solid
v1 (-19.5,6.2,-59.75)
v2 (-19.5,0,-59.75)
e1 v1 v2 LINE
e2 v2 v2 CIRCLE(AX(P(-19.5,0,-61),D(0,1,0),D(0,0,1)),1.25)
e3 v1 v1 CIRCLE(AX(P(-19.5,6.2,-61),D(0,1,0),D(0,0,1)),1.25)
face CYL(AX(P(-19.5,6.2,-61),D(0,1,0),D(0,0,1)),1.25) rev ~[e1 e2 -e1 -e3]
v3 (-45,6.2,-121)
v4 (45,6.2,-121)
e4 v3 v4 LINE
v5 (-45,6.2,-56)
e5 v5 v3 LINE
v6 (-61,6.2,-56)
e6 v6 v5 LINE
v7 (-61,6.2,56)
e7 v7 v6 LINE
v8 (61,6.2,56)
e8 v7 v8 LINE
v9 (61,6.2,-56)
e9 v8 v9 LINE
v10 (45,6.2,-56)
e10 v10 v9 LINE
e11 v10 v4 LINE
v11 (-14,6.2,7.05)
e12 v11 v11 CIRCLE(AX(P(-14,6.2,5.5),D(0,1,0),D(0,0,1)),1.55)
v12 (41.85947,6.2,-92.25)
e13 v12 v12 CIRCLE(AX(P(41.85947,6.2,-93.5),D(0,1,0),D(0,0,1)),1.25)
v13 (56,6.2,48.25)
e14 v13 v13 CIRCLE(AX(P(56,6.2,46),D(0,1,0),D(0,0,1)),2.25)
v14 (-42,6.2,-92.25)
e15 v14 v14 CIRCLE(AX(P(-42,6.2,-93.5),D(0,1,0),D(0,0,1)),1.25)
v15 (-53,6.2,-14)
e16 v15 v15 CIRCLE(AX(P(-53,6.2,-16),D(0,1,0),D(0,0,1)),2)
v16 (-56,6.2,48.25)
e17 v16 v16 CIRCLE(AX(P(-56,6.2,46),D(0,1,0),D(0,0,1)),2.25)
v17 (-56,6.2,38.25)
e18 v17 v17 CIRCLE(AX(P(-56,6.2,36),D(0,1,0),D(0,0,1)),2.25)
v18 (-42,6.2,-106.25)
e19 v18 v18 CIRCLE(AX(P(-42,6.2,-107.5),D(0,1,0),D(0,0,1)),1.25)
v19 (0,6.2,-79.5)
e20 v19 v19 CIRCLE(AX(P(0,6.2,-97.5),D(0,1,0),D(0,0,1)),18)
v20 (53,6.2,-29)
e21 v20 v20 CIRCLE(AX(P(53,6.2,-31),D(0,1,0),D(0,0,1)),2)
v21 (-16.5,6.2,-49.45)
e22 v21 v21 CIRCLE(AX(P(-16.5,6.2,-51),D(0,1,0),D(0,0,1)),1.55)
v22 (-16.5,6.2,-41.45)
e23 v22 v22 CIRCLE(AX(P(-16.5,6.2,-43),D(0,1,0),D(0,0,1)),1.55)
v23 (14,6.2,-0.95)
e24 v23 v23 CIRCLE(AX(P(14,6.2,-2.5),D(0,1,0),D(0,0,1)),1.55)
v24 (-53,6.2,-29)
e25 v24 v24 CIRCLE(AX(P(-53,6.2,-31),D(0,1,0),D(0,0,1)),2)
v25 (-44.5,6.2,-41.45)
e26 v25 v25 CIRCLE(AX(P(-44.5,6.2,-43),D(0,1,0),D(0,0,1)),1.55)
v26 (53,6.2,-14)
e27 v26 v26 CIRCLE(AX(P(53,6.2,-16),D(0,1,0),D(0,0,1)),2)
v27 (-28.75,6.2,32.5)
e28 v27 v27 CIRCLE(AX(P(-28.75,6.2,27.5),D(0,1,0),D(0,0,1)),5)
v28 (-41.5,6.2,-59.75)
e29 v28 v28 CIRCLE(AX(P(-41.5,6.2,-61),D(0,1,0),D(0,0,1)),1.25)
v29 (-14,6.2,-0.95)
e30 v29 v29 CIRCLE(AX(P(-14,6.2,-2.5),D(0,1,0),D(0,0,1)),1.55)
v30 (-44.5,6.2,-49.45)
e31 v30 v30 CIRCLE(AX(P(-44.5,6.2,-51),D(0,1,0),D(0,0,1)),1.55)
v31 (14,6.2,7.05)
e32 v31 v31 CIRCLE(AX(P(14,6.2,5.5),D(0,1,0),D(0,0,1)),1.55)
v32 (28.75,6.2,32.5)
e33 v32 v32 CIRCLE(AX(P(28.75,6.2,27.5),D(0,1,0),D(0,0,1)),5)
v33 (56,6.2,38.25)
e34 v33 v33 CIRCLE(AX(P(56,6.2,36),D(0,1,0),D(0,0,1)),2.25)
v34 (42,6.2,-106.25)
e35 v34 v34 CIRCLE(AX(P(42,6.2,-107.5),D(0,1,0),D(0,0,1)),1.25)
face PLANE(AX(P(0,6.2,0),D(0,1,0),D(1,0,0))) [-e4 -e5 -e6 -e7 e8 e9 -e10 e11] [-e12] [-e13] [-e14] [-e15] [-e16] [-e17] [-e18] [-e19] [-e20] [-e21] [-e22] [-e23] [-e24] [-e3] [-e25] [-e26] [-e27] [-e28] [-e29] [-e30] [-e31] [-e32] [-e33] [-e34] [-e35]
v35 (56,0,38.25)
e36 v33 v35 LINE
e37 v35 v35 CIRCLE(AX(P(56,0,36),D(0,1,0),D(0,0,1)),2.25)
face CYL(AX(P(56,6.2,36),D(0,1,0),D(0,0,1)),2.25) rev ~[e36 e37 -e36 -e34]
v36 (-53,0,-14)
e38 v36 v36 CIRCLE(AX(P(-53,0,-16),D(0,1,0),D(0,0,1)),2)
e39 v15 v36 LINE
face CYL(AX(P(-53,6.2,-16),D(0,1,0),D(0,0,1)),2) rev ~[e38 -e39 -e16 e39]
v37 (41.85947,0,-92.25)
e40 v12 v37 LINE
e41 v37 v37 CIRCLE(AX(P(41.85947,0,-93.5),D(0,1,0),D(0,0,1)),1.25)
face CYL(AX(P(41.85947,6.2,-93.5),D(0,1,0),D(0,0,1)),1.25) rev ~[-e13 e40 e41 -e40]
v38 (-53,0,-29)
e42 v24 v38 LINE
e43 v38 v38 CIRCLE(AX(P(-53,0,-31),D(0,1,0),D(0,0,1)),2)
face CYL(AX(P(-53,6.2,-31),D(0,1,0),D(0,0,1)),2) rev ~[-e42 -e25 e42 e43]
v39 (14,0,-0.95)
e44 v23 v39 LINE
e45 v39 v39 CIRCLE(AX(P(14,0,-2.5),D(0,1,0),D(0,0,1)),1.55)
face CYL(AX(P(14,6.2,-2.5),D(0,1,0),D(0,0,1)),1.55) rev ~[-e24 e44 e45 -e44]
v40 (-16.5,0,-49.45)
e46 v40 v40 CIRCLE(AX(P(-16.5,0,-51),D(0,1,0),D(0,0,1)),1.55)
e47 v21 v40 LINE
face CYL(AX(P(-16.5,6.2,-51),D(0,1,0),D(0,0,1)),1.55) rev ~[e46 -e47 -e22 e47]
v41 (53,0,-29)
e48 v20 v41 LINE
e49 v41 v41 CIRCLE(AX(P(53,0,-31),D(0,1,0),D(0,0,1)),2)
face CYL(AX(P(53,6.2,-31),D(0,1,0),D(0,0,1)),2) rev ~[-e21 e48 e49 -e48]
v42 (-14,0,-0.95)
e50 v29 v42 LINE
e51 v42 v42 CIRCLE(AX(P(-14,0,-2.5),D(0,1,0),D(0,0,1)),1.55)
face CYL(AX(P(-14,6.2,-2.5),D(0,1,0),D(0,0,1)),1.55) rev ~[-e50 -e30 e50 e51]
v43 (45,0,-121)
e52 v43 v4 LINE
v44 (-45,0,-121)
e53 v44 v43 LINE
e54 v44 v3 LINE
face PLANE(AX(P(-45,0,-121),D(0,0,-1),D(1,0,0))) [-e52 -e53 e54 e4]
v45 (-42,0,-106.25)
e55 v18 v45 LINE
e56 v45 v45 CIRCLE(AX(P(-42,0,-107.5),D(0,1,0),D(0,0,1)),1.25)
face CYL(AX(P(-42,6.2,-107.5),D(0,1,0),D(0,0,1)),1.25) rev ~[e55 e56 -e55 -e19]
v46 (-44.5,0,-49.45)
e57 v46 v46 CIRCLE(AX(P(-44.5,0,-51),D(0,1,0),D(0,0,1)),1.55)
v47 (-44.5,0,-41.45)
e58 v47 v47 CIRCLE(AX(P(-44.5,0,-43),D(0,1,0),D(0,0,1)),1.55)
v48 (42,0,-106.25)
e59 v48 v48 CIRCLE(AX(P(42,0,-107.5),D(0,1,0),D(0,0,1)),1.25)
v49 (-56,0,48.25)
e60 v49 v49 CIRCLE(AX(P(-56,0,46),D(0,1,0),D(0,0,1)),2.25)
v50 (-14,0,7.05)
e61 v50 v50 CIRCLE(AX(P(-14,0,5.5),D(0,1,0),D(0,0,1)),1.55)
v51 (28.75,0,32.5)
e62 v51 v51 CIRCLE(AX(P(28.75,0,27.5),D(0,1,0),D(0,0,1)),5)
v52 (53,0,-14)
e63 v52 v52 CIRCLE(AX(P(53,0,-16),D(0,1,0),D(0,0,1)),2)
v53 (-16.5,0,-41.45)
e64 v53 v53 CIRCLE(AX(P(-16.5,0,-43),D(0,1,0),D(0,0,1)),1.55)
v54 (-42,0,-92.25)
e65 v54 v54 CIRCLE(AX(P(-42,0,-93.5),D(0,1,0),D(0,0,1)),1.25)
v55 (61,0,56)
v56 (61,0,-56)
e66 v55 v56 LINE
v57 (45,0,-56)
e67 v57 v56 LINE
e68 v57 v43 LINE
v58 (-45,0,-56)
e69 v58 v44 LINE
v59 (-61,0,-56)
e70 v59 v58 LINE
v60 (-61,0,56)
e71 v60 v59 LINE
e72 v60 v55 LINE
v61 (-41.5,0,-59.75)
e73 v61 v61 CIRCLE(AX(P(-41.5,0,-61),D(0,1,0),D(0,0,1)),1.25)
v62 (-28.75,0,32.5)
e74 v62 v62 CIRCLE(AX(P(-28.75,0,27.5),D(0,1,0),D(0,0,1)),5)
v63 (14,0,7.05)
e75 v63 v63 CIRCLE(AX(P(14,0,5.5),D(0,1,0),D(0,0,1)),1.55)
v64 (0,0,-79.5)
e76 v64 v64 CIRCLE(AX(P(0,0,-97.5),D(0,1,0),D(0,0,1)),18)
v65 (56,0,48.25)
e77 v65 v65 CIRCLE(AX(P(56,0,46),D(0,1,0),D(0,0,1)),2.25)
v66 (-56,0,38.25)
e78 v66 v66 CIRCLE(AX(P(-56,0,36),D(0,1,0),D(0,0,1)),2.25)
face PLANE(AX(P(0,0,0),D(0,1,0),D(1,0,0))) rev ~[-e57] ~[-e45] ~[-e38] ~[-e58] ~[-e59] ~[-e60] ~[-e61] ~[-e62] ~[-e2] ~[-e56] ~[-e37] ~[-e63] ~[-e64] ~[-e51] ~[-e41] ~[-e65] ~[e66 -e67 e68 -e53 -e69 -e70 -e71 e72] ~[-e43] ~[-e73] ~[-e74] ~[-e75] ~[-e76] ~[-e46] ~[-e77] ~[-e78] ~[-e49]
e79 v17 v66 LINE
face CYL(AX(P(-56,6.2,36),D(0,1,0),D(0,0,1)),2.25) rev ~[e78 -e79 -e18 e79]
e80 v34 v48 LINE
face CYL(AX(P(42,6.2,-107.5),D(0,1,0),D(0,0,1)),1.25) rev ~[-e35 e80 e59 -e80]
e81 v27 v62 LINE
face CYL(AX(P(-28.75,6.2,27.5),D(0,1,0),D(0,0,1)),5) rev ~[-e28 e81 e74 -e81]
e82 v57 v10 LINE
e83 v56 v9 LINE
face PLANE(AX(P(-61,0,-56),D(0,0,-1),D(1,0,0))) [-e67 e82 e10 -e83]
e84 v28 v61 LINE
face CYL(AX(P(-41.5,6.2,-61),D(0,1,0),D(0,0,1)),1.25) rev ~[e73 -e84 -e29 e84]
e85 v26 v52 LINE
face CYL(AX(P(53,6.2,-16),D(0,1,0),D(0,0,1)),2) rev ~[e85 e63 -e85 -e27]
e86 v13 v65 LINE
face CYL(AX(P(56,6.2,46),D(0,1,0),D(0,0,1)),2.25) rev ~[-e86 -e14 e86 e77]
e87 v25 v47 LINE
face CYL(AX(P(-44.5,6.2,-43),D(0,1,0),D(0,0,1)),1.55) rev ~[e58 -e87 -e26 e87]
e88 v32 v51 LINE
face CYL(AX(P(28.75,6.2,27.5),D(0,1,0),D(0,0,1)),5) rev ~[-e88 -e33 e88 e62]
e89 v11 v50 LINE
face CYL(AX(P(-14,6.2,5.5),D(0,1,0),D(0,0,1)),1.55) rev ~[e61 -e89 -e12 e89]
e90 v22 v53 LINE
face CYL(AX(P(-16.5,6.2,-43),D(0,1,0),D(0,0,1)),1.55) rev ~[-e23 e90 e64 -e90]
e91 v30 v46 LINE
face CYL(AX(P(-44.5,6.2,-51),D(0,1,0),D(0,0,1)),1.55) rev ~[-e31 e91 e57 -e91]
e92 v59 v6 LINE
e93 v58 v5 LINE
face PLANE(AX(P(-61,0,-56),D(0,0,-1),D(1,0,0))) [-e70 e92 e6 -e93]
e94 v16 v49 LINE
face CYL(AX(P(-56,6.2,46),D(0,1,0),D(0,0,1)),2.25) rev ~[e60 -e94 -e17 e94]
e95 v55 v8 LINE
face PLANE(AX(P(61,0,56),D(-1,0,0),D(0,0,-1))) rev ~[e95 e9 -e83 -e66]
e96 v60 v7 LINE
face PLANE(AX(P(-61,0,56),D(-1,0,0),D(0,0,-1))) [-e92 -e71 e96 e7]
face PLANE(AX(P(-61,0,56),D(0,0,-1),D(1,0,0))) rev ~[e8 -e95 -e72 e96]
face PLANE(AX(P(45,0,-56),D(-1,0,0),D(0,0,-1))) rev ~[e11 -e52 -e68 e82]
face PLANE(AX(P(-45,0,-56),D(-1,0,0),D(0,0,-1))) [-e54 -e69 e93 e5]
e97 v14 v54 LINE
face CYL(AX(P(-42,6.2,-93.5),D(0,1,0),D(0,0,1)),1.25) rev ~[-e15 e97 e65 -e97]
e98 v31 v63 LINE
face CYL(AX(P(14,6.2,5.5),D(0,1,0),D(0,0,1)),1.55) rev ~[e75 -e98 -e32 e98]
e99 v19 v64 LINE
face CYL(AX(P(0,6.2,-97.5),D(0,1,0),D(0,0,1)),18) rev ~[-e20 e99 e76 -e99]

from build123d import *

# Parameters (mm, degrees)
SKETCH1_W           = 122
SKETCH1_H           = 112
BOSS_EXTRUDE1_DEPTH = 6.2
SKETCH2_W           = 90
SKETCH2_H           = 65
BOSS_EXTRUDE2_DEPTH = 6.2
SKETCH3_R           = 1.25
SKETCH3_R_2         = 18
CUT_EXTRUDE1_DEPTH  = 136.648221514
SKETCH4_R           = 1.55
CUT_EXTRUDE2_DEPTH  = 136.648221514
SKETCH5_R           = 2
CUT_EXTRUDE3_DEPTH  = 10
SKETCH6_R           = 5
CUT_EXTRUDE4_DEPTH  = 10
SKETCH7_R           = 2.25
CUT_EXTRUDE5_DEPTH  = 136.648221514


with BuildPart() as part:
    # Sketch1 → Boss-Extrude1 (new body)
    with BuildSketch(Plane(origin=(0, 0, 0), x_dir=(1, 0, 0), z_dir=(0, 1, 0))):
        Rectangle(SKETCH1_W, SKETCH1_H)
    extrude(amount=BOSS_EXTRUDE1_DEPTH)

    # Sketch2 → Boss-Extrude2 (add)
    with BuildSketch(Plane(origin=(0, 0, 0), x_dir=(1, 0, 0), z_dir=(0, 1, 0))):
        with Locations((0, 88.5)):
            Rectangle(SKETCH2_W, SKETCH2_H)
    extrude(amount=BOSS_EXTRUDE2_DEPTH)

    # Sketch3 → Cut-Extrude1 (cut, through all)
    with BuildSketch(Plane(origin=(0, 6.2, 0), x_dir=(1, 0, 0), z_dir=(0, 1, 0))):
        with Locations(Location((-41.5, 61, 0), (0, 0, 270))):
            Circle(SKETCH3_R)
        with Locations(Location((-19.5, 61, 0), (0, 0, 270))):
            Circle(SKETCH3_R)
        with Locations(Location((-42, 93.5, 0), (0, 0, 270))):
            Circle(SKETCH3_R)
        with Locations(Location((-42, 107.5, 0), (0, 0, 270))):
            Circle(SKETCH3_R)
        with Locations(Location((42, 107.5, 0), (0, 0, 270))):
            Circle(SKETCH3_R)
        with Locations(Location((41.859469925, 93.5, 0), (0, 0, 270))):
            Circle(SKETCH3_R)
        with Locations(Location((0, 97.5, 0), (0, 0, 270))):
            Circle(SKETCH3_R_2)
    extrude(amount=-CUT_EXTRUDE1_DEPTH, mode=Mode.SUBTRACT)

    # Sketch4 → Cut-Extrude2 (cut, through all)
    with BuildSketch(Plane(origin=(0, 6.2, 0), x_dir=(1, 0, 0), z_dir=(0, 1, 0))):
        with Locations(Location((-44.5, 51, 0), (0, 0, 270))):
            Circle(SKETCH4_R)
        with Locations(Location((-16.5, 51, 0), (0, 0, 270))):
            Circle(SKETCH4_R)
        with Locations(Location((-16.5, 43, 0), (0, 0, 270))):
            Circle(SKETCH4_R)
        with Locations(Location((-44.5, 43, 0), (0, 0, 270))):
            Circle(SKETCH4_R)
        with Locations(Location((-14, 2.5, 0), (0, 0, 270))):
            Circle(SKETCH4_R)
        with Locations(Location((14, 2.5, 0), (0, 0, 270))):
            Circle(SKETCH4_R)
        with Locations(Location((14, -5.5, 0), (0, 0, 270))):
            Circle(SKETCH4_R)
        with Locations(Location((-14, -5.5, 0), (0, 0, 270))):
            Circle(SKETCH4_R)
    extrude(amount=-CUT_EXTRUDE2_DEPTH, mode=Mode.SUBTRACT)

    # Sketch5 → Cut-Extrude3 (cut)
    with BuildSketch(Plane(origin=(0, 6.2, 0), x_dir=(1, 0, 0), z_dir=(0, 1, 0))):
        with Locations(Location((-53, 31, 0), (0, 0, 270))):
            Circle(SKETCH5_R)
        with Locations(Location((-53, 16, 0), (0, 0, 270))):
            Circle(SKETCH5_R)
        with Locations(Location((53, 16, 0), (0, 0, 270))):
            Circle(SKETCH5_R)
        with Locations(Location((53, 31, 0), (0, 0, 270))):
            Circle(SKETCH5_R)
    extrude(amount=-CUT_EXTRUDE3_DEPTH, mode=Mode.SUBTRACT)

    # Sketch6 → Cut-Extrude4 (cut)
    with BuildSketch(Plane(origin=(0, 6.2, 0), x_dir=(1, 0, 0), z_dir=(0, 1, 0))):
        with Locations(Location((-28.75, -27.5, 0), (0, 0, 270))):
            Circle(SKETCH6_R)
        with Locations(Location((28.75, -27.5, 0), (0, 0, 270))):
            Circle(SKETCH6_R)
    extrude(amount=-CUT_EXTRUDE4_DEPTH, mode=Mode.SUBTRACT)

    # Sketch7 → Cut-Extrude5 (cut, through all)
    with BuildSketch(Plane(origin=(0, 6.2, 0), x_dir=(1, 0, 0), z_dir=(0, 1, 0))):
        with Locations(Location((-56, -36, 0), (0, 0, 270))):
            Circle(SKETCH7_R)
        with Locations(Location((-56, -46, 0), (0, 0, 270))):
            Circle(SKETCH7_R)
        with Locations(Location((56, -46, 0), (0, 0, 270))):
            Circle(SKETCH7_R)
        with Locations(Location((56, -36, 0), (0, 0, 270))):
            Circle(SKETCH7_R)
    extrude(amount=-CUT_EXTRUDE5_DEPTH, mode=Mode.SUBTRACT)


solid = part.part
